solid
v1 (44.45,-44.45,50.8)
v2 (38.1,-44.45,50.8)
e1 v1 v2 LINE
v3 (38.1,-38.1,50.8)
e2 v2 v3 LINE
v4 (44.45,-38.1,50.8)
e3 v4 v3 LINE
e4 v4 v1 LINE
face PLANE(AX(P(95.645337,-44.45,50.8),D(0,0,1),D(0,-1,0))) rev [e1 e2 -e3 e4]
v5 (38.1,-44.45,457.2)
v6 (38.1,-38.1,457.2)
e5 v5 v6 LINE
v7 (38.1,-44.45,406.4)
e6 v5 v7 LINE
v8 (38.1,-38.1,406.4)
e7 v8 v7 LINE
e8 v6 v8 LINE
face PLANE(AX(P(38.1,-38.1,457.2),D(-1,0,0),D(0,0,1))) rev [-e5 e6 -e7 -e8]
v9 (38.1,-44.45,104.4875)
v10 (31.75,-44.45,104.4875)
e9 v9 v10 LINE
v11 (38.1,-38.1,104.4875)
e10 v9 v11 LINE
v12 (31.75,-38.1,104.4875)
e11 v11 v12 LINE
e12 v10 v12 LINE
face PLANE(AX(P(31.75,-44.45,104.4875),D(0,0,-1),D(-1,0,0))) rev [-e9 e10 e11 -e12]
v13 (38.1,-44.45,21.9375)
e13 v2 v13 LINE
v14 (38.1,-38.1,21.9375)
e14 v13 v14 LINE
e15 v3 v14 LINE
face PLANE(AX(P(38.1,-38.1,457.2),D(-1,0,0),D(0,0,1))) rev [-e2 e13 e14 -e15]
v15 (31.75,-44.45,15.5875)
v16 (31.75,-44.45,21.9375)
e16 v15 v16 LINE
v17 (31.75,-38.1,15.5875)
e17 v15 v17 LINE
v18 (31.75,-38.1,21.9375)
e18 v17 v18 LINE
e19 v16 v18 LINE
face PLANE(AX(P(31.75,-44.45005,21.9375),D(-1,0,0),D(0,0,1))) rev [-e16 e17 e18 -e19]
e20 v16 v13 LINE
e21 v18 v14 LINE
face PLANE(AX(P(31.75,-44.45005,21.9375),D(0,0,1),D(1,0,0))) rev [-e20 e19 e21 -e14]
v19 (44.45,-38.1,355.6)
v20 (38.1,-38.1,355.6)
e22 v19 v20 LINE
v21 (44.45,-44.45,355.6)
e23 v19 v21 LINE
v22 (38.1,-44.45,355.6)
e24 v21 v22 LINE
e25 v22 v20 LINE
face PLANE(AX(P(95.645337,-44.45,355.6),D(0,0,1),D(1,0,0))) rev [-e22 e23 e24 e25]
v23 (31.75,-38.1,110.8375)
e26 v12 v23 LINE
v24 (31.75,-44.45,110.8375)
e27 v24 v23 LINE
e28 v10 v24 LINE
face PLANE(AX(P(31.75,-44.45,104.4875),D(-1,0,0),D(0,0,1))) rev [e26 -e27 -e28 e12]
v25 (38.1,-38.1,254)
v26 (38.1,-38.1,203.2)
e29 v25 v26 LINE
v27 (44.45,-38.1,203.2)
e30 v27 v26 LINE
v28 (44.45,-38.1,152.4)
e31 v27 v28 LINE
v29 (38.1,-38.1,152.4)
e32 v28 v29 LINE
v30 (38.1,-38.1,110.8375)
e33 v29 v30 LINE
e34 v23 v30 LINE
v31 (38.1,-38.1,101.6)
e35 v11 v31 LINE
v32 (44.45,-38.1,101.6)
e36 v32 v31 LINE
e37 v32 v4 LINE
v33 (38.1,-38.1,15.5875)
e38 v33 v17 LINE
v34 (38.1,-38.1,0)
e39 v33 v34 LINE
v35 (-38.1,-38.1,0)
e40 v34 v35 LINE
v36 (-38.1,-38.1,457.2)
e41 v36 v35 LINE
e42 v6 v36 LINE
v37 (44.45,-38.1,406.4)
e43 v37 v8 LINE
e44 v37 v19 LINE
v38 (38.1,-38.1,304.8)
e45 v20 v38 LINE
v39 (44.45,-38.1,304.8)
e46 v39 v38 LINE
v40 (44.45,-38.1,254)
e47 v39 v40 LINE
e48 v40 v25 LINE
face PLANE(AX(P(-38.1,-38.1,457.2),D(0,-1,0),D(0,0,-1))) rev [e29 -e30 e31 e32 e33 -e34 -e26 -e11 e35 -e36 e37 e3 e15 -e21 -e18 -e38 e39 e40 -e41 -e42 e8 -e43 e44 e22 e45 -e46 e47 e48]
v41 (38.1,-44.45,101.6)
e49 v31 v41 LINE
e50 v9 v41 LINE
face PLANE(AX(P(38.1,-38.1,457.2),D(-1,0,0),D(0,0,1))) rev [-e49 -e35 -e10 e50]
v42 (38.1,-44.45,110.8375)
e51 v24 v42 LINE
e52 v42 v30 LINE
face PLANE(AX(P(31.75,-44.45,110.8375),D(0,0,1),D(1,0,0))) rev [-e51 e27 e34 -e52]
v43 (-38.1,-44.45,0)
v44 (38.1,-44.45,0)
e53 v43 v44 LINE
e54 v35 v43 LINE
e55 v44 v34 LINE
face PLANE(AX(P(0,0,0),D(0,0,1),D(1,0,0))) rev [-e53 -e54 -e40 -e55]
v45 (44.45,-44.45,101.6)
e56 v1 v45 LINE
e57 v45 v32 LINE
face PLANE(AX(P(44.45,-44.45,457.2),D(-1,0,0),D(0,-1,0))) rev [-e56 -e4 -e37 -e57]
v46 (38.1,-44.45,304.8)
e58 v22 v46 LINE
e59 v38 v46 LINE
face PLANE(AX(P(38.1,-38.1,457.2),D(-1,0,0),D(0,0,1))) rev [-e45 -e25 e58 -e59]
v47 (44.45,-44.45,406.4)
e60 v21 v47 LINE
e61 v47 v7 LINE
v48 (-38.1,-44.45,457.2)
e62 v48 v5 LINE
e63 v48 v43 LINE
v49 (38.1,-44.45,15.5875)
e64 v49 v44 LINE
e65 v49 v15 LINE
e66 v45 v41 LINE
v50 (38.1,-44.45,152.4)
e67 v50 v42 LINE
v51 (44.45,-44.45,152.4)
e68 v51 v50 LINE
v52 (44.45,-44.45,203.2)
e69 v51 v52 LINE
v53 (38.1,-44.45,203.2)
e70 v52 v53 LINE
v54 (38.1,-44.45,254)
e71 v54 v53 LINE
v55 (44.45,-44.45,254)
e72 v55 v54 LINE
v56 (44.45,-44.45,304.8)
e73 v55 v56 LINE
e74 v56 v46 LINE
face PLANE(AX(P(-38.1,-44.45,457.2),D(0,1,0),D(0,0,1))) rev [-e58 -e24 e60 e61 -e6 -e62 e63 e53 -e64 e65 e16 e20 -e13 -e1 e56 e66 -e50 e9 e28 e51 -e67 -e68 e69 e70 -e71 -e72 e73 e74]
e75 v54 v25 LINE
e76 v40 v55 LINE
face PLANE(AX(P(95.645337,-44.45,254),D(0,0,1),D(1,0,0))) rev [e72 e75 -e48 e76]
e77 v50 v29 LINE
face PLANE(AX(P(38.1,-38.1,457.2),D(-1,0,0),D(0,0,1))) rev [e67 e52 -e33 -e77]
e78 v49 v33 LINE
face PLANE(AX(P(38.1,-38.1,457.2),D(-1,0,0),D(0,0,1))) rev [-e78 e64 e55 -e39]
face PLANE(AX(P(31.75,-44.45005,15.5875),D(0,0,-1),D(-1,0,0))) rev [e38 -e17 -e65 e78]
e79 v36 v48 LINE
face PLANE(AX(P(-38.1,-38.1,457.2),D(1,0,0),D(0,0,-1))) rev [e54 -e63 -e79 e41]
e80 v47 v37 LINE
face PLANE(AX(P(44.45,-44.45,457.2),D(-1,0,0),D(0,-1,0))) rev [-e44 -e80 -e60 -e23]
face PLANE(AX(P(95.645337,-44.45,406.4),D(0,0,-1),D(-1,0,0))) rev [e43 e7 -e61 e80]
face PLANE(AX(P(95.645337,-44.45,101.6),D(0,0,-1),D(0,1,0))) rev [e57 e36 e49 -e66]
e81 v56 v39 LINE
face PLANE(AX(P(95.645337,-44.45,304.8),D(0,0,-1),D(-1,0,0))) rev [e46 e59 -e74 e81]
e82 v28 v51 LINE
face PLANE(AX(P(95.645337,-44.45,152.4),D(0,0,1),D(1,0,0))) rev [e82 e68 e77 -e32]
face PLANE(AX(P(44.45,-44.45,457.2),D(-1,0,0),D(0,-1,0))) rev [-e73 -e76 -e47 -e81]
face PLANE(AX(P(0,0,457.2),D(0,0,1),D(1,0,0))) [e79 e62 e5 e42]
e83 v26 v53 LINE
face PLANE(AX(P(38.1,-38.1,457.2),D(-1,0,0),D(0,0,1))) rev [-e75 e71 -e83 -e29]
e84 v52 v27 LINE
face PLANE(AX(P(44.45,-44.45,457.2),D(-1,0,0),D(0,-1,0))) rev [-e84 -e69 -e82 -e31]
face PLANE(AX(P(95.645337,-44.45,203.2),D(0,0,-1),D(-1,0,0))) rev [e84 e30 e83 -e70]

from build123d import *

# Parameters (mm, degrees)
SKETCH1_W           = 76.2
SKETCH1_H           = 6.35
BOSS_EXTRUDE1_DEPTH = 457.2
SKETCH2_W           = 50.8
SKETCH2_H           = 6.35
BOSS_EXTRUDE2_DEPTH = 6.35
SKETCH3_W           = 6.35
SKETCH3_H           = 6.35
CUT_EXTRUDE1_DEPTH  = 6.35
SKETCH4_W           = 6.35
SKETCH4_H           = 6.35
CUT_EXTRUDE2_DEPTH  = 460.399570091


with BuildPart() as part:
    # Sketch1 → Boss-Extrude1 (new body)
    with BuildSketch(Plane.XY):
        with Locations((0, -41.275)):
            Rectangle(SKETCH1_W, SKETCH1_H)
    extrude(amount=BOSS_EXTRUDE1_DEPTH)

    # Sketch2 → Boss-Extrude2 (add)
    with BuildSketch(Plane(origin=(38.1, 0, 0), x_dir=(0, 0, -1), z_dir=(1, 0, 0))):
        with Locations((-381, -41.275)):
            Rectangle(SKETCH2_W, SKETCH2_H)
        with Locations((-279.4, -41.275)):
            Rectangle(SKETCH2_W, SKETCH2_H)
        with Locations((-177.8, -41.275)):
            Rectangle(SKETCH2_W, SKETCH2_H)
        with Locations((-76.2, -41.275)):
            Rectangle(SKETCH2_W, SKETCH2_H)
    extrude(amount=BOSS_EXTRUDE2_DEPTH)

    # Sketch3 → Cut-Extrude1 (cut)
    with BuildSketch(Plane(origin=(0, -38.1, 0), x_dir=(1, 0, 0), z_dir=(0, 1, 0))):
        with Locations((34.925, -107.6625)):
            Rectangle(SKETCH3_W, SKETCH3_H)
    extrude(amount=-CUT_EXTRUDE1_DEPTH, mode=Mode.SUBTRACT)

    # Sketch4 → Cut-Extrude2 (cut, through all)
    with BuildSketch(Plane(origin=(0, -38.1, 0), x_dir=(1, 0, 0), z_dir=(0, 1, 0))):
        with Locations((34.925, -18.7625)):
            Rectangle(SKETCH4_W, SKETCH4_H)
    extrude(amount=-CUT_EXTRUDE2_DEPTH, mode=Mode.SUBTRACT)


solid = part.part
